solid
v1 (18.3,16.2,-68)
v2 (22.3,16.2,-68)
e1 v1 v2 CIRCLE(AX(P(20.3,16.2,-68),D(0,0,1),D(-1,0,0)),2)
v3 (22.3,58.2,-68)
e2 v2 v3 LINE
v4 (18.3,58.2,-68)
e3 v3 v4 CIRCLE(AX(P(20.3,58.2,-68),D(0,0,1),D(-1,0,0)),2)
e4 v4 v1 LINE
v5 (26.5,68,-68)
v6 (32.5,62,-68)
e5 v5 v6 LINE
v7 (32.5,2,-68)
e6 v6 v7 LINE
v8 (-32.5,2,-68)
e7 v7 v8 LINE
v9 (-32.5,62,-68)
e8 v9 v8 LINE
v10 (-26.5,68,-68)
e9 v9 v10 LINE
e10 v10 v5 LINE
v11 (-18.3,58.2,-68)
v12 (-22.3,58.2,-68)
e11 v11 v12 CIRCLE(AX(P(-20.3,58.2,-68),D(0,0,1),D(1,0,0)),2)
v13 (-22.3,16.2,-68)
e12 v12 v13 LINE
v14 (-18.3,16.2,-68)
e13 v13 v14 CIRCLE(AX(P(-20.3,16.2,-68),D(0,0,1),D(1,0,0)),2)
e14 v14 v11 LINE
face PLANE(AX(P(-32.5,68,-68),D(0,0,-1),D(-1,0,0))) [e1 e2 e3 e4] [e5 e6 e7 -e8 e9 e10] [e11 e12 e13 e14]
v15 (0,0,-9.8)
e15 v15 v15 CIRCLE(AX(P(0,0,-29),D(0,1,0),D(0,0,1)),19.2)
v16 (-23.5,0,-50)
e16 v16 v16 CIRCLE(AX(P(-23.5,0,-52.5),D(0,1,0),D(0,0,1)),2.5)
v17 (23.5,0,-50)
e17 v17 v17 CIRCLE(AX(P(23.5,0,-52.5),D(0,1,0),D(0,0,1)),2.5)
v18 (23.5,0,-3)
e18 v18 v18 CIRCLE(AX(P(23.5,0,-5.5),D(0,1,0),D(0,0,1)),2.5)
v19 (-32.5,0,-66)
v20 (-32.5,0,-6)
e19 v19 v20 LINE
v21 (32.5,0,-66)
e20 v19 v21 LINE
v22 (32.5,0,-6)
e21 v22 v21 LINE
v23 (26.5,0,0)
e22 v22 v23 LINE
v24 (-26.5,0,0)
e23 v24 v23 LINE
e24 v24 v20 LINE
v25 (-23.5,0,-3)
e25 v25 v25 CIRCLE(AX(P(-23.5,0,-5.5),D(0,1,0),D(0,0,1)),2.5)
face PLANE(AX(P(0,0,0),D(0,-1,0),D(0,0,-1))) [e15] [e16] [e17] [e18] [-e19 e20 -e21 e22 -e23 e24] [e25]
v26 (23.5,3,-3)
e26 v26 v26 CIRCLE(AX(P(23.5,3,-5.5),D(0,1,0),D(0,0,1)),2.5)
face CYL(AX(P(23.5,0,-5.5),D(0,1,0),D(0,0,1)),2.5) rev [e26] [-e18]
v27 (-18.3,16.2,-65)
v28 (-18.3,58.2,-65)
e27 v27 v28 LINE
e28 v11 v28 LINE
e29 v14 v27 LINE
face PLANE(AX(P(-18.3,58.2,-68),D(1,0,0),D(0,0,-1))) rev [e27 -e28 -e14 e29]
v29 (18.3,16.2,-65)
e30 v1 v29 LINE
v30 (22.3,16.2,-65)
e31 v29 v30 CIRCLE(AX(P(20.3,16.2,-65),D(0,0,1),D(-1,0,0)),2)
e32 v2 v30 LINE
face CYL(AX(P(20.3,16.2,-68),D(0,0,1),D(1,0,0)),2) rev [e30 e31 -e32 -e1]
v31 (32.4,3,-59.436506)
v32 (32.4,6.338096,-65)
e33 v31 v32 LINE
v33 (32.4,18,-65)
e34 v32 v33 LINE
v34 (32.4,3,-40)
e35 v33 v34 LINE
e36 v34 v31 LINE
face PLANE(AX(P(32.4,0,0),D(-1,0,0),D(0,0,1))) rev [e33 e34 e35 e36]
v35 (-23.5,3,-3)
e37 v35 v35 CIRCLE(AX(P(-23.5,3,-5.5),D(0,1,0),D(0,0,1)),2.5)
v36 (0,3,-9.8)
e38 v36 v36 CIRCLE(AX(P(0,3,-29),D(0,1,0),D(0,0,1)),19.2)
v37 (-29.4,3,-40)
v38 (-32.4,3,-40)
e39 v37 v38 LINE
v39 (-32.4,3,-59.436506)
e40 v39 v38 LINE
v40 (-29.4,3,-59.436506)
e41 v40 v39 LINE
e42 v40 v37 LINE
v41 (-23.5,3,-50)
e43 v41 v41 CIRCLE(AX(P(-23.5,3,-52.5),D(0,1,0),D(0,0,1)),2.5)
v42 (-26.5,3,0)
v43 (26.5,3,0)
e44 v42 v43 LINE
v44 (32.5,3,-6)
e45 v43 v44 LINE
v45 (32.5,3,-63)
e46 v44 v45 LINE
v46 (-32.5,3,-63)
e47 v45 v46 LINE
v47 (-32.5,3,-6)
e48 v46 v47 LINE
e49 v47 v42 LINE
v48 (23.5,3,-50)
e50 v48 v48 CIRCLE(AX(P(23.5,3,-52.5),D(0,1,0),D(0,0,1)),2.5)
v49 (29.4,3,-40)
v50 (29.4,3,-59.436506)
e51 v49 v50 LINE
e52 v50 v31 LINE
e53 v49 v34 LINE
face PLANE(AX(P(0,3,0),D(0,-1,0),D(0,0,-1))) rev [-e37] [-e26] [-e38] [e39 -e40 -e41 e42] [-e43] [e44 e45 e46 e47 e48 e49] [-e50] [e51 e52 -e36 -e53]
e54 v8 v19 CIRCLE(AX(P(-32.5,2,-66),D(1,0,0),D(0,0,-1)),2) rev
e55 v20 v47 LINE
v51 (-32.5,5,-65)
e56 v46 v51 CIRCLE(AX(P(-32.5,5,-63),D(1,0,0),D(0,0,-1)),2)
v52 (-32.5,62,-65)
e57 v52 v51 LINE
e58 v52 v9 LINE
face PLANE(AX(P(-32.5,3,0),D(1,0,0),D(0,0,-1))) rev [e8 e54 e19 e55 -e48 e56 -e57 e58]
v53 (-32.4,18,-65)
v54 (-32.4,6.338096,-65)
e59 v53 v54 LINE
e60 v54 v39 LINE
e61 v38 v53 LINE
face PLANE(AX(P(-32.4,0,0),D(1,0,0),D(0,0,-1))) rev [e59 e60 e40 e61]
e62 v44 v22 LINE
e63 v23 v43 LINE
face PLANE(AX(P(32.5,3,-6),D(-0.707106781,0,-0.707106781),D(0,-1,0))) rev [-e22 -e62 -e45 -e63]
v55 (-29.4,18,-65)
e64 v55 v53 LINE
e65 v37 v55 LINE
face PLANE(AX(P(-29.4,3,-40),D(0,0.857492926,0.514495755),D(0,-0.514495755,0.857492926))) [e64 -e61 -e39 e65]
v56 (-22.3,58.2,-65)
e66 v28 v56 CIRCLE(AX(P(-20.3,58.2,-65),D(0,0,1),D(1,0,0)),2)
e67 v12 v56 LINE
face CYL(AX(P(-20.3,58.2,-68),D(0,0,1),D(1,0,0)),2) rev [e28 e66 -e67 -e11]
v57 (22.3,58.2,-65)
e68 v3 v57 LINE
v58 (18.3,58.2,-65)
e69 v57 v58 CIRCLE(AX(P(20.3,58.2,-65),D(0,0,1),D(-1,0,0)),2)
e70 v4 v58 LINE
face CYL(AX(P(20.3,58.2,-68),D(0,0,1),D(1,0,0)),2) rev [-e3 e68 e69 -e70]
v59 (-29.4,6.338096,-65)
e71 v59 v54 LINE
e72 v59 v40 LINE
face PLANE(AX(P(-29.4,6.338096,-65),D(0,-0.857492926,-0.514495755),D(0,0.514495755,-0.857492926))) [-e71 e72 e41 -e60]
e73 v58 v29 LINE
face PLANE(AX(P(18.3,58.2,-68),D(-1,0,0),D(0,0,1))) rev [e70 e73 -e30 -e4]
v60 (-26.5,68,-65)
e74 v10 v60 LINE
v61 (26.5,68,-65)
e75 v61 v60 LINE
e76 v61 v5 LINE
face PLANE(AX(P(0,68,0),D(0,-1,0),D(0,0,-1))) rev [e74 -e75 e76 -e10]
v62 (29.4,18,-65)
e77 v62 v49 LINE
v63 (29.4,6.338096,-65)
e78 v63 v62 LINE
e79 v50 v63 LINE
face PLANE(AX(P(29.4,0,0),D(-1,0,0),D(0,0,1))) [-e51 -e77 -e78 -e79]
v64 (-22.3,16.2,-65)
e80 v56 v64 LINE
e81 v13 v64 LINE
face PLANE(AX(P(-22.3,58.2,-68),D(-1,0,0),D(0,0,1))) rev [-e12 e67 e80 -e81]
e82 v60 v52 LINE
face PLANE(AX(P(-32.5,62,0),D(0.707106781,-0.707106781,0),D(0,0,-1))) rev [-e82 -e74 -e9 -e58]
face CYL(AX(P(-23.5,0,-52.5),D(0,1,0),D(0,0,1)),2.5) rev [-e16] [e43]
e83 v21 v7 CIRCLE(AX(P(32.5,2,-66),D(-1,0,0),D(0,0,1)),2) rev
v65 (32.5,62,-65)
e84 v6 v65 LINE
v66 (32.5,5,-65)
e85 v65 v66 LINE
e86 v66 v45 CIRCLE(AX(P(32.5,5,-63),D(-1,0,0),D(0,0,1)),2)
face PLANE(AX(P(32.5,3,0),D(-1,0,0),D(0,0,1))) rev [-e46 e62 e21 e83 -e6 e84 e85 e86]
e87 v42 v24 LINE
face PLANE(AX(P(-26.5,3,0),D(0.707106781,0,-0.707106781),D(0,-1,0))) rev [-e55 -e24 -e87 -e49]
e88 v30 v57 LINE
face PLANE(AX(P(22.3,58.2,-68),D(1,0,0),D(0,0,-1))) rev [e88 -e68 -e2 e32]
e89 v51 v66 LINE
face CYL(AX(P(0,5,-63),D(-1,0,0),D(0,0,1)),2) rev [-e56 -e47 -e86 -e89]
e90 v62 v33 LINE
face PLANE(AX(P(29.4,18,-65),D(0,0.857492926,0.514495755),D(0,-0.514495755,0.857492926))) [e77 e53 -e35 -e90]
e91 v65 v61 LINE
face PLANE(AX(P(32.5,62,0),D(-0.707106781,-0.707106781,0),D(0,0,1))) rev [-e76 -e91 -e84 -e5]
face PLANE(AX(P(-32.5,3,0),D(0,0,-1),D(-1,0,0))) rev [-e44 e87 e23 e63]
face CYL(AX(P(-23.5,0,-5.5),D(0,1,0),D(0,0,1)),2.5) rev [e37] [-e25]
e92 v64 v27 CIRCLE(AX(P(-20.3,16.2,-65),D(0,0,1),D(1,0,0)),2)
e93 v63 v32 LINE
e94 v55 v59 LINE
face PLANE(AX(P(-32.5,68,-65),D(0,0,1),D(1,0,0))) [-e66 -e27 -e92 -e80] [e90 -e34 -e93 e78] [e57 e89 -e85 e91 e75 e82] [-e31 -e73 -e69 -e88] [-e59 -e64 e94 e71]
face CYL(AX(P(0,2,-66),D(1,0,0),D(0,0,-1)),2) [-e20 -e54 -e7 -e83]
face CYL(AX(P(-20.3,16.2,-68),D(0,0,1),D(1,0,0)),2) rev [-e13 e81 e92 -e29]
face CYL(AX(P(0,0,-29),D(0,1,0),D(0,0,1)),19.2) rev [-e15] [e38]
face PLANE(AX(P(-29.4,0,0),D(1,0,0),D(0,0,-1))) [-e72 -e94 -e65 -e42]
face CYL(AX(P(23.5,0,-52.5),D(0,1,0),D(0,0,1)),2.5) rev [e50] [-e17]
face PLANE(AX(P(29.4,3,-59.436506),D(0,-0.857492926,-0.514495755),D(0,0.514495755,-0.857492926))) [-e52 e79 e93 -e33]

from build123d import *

# Parameters (mm, degrees)
SKETCH1_W           = 65
SKETCH1_H           = 65
BOSS_EXTRUDE1_DEPTH = 3
SKETCH2_W           = 65
SKETCH2_H           = 3
BOSS_EXTRUDE2_DEPTH = 68
SKETCH4_R           = 19.2
CUT_EXTRUDE1_DEPTH  = 100.525122457
SKETCH5_R           = 2.5
CUT_EXTRUDE2_DEPTH  = 100.525122457
CUT_EXTRUDE3_DEPTH  = 100.525122457
BOSS_EXTRUDE3_START = -0.1
BOSS_EXTRUDE3_DEPTH = 3
BOSS_EXTRUDE4_START = -0.1
BOSS_EXTRUDE4_DEPTH = 3
FILLET1_R           = 2
CHAMFER1_SIZE       = 6


with BuildPart() as part:
    # Sketch1 → Boss-Extrude1 (new body)
    with BuildSketch(Plane(origin=(0, 0, 0), x_dir=(1, 0, 0), z_dir=(0, 1, 0))):
        with Locations((0, 32.5)):
            Rectangle(SKETCH1_W, SKETCH1_H)
    extrude(amount=BOSS_EXTRUDE1_DEPTH)

    # Sketch2 → Boss-Extrude2 (add)
    with BuildSketch(Plane.XZ):
        with Locations((0, -66.5)):
            Rectangle(SKETCH2_W, SKETCH2_H)
    extrude(amount=-BOSS_EXTRUDE2_DEPTH)

    # Sketch4 → Cut-Extrude1 (cut, through all)
    with BuildSketch(Plane(origin=(0, 3, 0), x_dir=(1, 0, 0), z_dir=(0, 1, 0))):
        with Locations(Location((0, 29, 0), (0, 0, 270))):
            Circle(SKETCH4_R)
    extrude(amount=-CUT_EXTRUDE1_DEPTH, mode=Mode.SUBTRACT)

    # Sketch5 → Cut-Extrude2 (cut, through all)
    with BuildSketch(Plane(origin=(0, 3, 0), x_dir=(1, 0, 0), z_dir=(0, 1, 0))):
        with Locations(Location((-23.5, 52.5, 0), (0, 0, 270))):
            Circle(SKETCH5_R)
        with Locations(Location((23.5, 52.5, 0), (0, 0, 270))):
            Circle(SKETCH5_R)
        with Locations(Location((23.5, 5.5, 0), (0, 0, 270))):
            Circle(SKETCH5_R)
        with Locations(Location((-23.5, 5.5, 0), (0, 0, 270))):
            Circle(SKETCH5_R)
    extrude(amount=-CUT_EXTRUDE2_DEPTH, mode=Mode.SUBTRACT)

    # Sketch6 → Cut-Extrude3 (cut, through all)
    with BuildSketch(Plane.XY.offset(-65)):
        with BuildLine():
            Line((-18.3, 58.2), (-18.3, 16.2))
            ThreePointArc((-18.3, 16.2), (-20.3, 14.2), (-22.3, 16.2))
            Line((-22.3, 16.2), (-22.3, 58.2))
            ThreePointArc((-22.3, 58.2), (-20.3, 60.2), (-18.3, 58.2))
        make_face()
        with BuildLine():
            Line((18.3, 58.2), (18.3, 16.2))
            ThreePointArc((18.3, 16.2), (20.3, 14.2), (22.3, 16.2))
            Line((22.3, 16.2), (22.3, 58.2))
            ThreePointArc((22.3, 58.2), (20.3, 60.2), (18.3, 58.2))
        make_face()
    extrude(amount=-CUT_EXTRUDE3_DEPTH, mode=Mode.SUBTRACT)

    # Sketch8 → Boss-Extrude3 (add)
    with BuildSketch(Plane.ZY.offset(32.5).offset(BOSS_EXTRUDE3_START)):
        Polygon((-40, 3), (-65, 18), (-65, 6.33809621), (-59.436506316, 3), align=None)
    extrude(amount=-BOSS_EXTRUDE3_DEPTH)

    # Sketch9 → Boss-Extrude4 (add)
    with BuildSketch(Plane(origin=(32.5, 0, 0), x_dir=(0, 0, -1), z_dir=(1, 0, 0)).offset(BOSS_EXTRUDE4_START)):
        Polygon((40, 3), (59.436506316, 3), (65, 6.33809621), (65, 18), align=None)
    extrude(amount=-BOSS_EXTRUDE4_DEPTH)

    # Fillet1
    fillet1_edges = [part.edges().sort_by_distance(p)[0] for p in [
        (0, 3, -65),
        (0, 0, -68),
    ]]
    fillet(fillet1_edges, radius=FILLET1_R)

    # Chamfer1
    chamfer1_edges = [part.edges().sort_by_distance(p)[0] for p in [
        (-32.5, 68, -66.5),
        (32.5, 68, -66.5),
        (32.5, 1.5, 0),
        (-32.5, 1.5, 0),
    ]]
    chamfer(chamfer1_edges, length=CHAMFER1_SIZE)


solid = part.part
